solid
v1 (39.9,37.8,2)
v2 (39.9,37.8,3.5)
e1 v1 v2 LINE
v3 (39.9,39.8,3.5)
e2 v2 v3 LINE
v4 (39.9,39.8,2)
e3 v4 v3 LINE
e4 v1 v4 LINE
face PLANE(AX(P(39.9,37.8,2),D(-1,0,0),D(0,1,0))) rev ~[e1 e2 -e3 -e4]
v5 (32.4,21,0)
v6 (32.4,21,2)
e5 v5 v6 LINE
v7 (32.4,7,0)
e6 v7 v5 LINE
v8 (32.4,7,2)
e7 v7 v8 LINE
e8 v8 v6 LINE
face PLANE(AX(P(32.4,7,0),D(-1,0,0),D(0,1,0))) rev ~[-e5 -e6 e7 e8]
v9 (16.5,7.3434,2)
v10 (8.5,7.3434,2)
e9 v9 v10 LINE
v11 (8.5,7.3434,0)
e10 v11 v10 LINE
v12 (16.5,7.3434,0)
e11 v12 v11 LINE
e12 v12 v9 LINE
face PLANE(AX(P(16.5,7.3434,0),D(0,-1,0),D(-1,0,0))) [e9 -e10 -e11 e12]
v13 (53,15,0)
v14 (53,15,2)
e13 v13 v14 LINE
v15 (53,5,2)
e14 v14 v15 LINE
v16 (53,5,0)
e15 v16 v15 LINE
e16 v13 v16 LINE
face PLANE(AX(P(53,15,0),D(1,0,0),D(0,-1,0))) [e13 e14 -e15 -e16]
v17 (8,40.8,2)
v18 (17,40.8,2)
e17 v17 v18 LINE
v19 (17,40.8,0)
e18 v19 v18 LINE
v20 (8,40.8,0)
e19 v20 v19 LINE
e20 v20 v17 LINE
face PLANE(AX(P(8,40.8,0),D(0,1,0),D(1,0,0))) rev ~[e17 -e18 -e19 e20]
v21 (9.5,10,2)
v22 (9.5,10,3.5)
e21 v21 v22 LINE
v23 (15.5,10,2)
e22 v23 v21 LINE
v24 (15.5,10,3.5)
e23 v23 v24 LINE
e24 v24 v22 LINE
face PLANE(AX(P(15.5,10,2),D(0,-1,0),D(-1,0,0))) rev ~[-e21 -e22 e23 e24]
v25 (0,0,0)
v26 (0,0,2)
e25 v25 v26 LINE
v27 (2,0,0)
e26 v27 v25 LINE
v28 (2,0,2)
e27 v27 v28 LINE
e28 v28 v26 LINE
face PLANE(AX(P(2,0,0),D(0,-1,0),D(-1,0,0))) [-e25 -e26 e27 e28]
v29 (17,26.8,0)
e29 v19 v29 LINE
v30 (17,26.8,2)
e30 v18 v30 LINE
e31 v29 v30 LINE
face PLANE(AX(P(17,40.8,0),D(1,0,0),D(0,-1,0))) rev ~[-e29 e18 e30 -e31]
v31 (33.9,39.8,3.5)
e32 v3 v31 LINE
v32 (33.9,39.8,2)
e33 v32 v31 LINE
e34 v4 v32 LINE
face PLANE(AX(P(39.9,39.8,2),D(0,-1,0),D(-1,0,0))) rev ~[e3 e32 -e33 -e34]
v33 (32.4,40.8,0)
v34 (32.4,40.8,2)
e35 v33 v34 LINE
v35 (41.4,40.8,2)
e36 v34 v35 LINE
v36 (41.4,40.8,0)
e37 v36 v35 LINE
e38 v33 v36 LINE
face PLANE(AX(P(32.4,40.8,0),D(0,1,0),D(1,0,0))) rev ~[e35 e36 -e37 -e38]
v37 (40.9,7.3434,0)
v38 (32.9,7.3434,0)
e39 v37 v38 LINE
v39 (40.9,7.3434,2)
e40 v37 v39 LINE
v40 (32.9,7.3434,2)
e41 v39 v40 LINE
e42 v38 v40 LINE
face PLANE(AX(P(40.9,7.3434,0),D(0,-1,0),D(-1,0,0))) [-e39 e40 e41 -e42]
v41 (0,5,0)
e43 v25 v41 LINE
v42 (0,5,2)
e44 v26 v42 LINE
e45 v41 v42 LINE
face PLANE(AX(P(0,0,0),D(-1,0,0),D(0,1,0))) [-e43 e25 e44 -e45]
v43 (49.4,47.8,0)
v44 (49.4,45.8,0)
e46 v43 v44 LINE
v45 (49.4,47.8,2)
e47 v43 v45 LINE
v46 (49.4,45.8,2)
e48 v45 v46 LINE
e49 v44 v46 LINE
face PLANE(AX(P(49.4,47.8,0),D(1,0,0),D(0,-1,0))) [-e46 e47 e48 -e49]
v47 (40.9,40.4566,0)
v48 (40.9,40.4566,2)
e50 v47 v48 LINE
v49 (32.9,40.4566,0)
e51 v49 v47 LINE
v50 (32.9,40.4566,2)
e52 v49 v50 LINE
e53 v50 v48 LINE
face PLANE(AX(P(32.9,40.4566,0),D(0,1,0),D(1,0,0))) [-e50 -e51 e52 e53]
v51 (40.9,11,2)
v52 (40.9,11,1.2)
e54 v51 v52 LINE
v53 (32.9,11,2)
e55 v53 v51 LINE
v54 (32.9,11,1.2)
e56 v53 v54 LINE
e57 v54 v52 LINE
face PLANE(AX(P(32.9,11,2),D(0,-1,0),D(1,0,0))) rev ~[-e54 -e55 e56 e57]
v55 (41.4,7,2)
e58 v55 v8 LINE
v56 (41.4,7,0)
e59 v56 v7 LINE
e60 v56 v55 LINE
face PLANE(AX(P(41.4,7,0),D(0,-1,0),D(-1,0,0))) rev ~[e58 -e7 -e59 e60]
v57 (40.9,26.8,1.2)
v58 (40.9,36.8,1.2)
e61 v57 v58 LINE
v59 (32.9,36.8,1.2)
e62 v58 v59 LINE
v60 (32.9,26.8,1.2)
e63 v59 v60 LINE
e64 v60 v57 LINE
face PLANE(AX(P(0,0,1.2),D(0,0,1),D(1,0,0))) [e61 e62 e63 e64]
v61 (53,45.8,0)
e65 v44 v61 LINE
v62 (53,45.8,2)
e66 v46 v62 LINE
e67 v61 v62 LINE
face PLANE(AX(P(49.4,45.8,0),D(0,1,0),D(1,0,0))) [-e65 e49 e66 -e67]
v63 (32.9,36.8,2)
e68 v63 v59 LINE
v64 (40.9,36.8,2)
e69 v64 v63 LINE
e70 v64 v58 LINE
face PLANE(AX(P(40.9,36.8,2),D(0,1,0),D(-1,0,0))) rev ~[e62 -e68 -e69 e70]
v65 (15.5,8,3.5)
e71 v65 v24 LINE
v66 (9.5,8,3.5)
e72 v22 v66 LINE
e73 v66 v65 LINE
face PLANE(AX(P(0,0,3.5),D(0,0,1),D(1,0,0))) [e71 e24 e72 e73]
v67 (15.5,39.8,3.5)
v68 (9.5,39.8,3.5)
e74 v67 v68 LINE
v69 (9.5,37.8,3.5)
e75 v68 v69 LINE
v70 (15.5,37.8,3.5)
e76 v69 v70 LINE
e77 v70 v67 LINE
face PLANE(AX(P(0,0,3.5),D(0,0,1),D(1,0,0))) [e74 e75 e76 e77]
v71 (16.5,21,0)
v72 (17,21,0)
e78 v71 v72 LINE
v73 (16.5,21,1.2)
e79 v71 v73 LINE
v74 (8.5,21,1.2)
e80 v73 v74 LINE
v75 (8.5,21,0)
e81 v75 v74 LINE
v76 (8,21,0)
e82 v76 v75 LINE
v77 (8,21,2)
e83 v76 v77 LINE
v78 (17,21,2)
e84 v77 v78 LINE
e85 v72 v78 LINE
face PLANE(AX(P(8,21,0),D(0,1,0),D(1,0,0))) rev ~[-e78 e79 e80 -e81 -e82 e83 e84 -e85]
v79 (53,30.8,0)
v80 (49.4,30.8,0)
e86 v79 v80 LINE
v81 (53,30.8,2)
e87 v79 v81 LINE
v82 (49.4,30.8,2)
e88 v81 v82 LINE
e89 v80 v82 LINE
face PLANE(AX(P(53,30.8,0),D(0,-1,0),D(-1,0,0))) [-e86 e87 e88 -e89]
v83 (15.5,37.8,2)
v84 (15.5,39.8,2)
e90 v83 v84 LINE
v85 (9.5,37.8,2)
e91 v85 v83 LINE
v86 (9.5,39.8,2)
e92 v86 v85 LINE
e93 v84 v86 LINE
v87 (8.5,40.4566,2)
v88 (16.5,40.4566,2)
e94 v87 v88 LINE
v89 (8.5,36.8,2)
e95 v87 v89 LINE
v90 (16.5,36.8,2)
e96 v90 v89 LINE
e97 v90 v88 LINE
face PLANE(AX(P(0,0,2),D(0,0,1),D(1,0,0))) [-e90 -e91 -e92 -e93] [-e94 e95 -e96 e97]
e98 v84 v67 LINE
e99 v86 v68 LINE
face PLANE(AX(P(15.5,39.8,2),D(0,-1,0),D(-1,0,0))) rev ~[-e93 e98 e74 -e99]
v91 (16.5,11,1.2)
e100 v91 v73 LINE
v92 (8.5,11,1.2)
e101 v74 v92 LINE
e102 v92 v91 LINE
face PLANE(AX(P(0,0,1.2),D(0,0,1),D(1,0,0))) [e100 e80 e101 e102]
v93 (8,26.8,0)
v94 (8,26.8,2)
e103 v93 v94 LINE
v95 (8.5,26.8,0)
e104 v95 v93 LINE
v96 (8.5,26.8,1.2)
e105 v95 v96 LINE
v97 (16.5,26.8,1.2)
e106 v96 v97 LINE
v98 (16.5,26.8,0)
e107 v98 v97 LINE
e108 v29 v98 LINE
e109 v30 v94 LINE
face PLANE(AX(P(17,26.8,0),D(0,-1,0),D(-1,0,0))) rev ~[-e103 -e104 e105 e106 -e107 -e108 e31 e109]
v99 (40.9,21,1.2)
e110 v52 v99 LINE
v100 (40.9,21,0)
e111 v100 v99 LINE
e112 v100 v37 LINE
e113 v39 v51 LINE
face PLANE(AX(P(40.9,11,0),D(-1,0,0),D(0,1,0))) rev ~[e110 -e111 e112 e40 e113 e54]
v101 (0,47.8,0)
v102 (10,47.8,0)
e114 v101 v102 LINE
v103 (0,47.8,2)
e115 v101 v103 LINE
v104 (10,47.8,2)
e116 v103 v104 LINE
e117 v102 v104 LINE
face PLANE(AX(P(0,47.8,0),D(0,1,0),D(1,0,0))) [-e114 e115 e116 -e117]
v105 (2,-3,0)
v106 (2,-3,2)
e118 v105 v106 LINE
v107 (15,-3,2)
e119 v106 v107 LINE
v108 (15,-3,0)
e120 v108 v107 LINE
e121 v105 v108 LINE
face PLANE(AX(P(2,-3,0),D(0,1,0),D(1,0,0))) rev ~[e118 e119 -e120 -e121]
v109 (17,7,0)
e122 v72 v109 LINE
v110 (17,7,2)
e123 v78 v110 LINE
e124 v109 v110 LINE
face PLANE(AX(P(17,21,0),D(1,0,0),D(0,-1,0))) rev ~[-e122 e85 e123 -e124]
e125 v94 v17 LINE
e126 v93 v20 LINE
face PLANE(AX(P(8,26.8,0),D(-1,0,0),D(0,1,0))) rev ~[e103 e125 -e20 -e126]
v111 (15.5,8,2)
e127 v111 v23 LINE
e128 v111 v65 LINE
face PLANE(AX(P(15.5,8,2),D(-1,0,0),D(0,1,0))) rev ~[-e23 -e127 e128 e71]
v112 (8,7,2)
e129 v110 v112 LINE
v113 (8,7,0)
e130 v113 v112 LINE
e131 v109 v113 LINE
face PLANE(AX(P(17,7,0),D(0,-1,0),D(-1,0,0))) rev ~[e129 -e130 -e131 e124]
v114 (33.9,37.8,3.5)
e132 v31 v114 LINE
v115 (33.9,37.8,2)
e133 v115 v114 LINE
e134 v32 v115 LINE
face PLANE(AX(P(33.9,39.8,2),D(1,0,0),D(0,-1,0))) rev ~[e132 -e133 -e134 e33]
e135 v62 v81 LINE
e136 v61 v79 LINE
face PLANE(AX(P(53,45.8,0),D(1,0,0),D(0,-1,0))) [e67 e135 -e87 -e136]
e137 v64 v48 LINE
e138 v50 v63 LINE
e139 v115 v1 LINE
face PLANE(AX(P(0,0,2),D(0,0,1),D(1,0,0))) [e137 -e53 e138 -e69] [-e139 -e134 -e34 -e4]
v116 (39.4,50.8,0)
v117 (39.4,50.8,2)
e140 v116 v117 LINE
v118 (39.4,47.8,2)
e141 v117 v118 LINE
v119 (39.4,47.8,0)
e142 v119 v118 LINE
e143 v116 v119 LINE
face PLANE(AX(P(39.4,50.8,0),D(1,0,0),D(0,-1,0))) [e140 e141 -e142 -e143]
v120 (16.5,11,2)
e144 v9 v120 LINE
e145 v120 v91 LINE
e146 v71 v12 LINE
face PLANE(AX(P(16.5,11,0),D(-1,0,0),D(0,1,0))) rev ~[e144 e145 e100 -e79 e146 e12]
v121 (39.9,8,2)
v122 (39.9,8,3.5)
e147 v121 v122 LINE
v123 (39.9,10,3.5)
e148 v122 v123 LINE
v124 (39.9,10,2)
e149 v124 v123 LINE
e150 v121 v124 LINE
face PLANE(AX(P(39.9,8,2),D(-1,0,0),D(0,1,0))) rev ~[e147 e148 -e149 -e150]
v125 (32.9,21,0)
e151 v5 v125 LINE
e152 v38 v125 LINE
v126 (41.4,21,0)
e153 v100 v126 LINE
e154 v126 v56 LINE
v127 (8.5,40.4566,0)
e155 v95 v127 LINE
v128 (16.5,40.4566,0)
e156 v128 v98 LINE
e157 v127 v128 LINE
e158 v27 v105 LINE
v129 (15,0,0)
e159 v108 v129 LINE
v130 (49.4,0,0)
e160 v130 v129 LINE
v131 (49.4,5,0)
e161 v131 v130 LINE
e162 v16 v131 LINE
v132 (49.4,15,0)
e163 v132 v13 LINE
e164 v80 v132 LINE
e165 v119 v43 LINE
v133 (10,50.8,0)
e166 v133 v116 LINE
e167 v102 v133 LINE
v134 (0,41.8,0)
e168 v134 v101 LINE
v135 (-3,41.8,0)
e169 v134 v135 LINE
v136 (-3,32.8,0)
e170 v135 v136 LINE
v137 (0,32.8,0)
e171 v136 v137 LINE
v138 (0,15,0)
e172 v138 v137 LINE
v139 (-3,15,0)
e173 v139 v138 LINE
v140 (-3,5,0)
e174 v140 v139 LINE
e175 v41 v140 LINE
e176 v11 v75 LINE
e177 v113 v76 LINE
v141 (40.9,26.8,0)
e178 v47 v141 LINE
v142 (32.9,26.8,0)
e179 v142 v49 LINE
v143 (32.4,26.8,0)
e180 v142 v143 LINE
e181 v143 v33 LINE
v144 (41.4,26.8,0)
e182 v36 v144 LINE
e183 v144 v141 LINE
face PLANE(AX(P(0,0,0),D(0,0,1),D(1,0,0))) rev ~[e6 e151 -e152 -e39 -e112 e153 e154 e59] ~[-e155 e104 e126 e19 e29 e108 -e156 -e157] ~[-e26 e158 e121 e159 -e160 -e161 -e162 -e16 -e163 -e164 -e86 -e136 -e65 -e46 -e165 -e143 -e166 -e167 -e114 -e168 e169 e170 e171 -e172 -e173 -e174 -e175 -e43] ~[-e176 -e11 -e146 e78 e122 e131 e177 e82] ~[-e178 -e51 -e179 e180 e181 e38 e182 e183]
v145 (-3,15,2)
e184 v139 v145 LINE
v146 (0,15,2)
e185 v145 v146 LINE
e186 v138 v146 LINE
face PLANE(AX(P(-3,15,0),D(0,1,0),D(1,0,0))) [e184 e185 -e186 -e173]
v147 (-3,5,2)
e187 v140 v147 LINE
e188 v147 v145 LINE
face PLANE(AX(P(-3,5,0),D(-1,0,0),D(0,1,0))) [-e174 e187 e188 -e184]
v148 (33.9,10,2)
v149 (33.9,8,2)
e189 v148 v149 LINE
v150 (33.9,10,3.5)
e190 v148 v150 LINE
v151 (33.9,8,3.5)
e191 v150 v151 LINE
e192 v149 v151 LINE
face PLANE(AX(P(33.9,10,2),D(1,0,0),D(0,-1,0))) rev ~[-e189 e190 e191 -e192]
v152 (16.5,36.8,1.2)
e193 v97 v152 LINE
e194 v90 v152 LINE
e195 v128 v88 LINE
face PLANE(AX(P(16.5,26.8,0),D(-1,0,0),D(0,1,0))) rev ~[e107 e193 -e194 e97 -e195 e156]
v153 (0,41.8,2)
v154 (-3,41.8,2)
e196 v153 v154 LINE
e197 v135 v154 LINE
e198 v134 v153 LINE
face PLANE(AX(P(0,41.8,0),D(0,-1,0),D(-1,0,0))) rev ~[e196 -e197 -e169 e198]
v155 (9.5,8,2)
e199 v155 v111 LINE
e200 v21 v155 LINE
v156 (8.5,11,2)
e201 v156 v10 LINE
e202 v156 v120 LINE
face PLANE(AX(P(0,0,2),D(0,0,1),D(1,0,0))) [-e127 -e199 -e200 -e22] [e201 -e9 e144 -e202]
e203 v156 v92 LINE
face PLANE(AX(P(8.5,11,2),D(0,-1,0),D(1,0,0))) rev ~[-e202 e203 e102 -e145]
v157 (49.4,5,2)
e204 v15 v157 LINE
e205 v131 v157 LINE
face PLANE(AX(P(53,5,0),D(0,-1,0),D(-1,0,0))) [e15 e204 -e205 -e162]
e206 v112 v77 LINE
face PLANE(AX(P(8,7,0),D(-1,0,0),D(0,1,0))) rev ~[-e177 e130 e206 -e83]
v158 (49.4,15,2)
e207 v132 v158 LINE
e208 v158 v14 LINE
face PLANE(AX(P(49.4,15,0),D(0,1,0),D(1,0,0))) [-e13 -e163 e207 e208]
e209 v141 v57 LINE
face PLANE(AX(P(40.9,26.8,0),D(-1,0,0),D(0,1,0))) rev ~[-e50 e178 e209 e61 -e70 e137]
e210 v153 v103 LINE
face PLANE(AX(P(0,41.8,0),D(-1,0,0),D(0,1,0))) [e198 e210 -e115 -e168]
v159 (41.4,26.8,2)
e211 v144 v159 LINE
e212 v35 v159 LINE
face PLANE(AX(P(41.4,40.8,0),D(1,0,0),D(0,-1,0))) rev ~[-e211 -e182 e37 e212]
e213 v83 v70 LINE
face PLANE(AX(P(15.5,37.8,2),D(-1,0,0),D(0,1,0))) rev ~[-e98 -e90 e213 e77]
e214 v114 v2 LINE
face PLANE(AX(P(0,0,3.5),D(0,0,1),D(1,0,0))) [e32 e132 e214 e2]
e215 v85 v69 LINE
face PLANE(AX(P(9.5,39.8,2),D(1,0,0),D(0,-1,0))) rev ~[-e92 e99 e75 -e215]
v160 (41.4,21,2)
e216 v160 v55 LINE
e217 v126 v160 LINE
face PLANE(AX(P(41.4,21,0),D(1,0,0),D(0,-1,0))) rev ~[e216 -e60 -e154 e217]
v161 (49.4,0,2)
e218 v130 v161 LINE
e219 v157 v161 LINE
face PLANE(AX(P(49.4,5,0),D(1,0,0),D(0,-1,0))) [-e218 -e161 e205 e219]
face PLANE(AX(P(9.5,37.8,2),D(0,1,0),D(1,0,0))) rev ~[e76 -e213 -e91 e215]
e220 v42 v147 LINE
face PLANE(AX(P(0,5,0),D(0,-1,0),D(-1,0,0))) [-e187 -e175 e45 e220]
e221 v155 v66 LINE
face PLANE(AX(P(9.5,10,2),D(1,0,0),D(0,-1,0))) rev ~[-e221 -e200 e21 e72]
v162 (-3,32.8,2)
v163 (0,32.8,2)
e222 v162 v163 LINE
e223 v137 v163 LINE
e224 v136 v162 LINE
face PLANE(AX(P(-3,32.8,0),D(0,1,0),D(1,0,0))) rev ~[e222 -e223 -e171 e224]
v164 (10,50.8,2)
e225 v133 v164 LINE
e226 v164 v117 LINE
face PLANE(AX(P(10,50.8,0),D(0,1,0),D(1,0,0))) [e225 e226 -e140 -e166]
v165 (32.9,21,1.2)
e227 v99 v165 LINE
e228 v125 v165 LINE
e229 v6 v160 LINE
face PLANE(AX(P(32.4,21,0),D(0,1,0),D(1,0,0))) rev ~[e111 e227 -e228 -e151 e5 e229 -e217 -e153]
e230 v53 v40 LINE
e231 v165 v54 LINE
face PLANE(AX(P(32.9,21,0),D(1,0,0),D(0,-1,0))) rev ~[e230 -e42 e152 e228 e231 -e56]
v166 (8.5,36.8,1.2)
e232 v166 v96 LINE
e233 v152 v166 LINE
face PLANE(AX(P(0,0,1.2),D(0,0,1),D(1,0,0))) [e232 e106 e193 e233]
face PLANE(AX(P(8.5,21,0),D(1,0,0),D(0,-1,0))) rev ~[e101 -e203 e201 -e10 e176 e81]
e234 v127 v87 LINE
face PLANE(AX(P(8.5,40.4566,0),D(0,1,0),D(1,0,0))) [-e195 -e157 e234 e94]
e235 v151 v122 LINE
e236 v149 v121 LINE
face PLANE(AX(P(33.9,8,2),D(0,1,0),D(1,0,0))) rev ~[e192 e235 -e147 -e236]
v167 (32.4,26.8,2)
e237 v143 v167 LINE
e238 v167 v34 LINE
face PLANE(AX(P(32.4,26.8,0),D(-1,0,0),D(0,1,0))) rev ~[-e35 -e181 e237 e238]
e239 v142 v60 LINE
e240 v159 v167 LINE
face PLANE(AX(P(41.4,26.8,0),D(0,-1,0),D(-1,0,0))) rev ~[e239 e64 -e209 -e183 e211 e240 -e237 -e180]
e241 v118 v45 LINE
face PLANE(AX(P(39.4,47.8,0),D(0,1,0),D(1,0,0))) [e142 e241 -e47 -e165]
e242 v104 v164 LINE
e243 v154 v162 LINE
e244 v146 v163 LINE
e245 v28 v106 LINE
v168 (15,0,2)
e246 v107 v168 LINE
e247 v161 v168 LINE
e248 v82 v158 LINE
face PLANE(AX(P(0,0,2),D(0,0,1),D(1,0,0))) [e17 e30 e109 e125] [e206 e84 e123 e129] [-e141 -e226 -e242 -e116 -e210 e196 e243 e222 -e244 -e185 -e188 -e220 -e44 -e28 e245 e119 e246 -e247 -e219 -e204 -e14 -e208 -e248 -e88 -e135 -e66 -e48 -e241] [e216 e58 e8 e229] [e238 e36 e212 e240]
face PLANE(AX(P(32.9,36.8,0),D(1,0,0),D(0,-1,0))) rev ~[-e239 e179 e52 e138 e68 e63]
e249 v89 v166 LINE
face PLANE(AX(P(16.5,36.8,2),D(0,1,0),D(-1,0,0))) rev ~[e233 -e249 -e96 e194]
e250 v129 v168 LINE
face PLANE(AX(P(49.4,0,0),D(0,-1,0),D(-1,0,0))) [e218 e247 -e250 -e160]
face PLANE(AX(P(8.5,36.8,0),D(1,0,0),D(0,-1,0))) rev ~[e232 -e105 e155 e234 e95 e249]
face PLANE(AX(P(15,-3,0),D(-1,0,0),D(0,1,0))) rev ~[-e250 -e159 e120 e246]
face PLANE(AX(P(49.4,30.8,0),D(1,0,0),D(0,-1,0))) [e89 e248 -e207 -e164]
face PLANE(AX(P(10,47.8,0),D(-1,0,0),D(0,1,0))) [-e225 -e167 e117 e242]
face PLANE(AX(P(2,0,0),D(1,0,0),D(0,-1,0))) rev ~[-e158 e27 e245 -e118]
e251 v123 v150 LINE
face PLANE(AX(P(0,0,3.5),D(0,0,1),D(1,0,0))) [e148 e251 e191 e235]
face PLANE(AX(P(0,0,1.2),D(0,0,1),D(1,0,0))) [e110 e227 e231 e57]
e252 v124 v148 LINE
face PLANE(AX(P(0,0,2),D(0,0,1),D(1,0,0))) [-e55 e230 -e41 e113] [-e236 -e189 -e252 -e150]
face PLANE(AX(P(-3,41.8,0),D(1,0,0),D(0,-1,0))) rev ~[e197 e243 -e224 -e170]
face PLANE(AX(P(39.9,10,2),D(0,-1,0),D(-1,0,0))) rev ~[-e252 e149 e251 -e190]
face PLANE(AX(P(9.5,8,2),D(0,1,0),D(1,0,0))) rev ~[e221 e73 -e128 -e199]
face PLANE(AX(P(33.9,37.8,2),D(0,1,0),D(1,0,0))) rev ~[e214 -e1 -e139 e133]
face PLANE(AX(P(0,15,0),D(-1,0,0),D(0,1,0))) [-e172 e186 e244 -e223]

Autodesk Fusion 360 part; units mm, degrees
sketch "Sketch1" plane through (0, 0, 0) normal (0, 0, 1) x (1, 0, 0)
  line L0 (0, 47.8) -> (49.4, 47.8)
  line L1 (49.4, 47.8) -> (49.4, 0)
  line L2 (49.4, 0) -> (0, 0)
  line L3 (0, 0) -> (0, 47.8)
  line L4 (10, 47.8) -> (10, 50.8)
  line L5 (10, 50.8) -> (39.4, 50.8)
  line L6 (39.4, 50.8) -> (39.4, 47.8)
  line L7 (49.4, 45.8) -> (53, 45.8)
  line L8 (53, 45.8) -> (53, 30.8)
  line L9 (53, 30.8) -> (49.4, 30.8)
  line L10 (49.4, 15) -> (53, 15)
  line L11 (53, 15) -> (53, 5)
  line L12 (53, 5) -> (49.4, 5)
  line L13 (0, 41.8) -> (-3, 41.8)
  line L14 (-3, 41.8) -> (-3, 32.8)
  line L15 (-3, 32.8) -> (0, 32.8)
  line L16 (2, 0) -> (2, -3)
  line L17 (2, -3) -> (15, -3)
  line L18 (15, -3) -> (15, 0)
  line L19 (0, 5) -> (-3, 5)
  line L20 (-3, 5) -> (-3, 15)
  line L21 (-3, 15) -> (0, 15)
  line L22 (8.5, 36.8) -> (8.5, 26.8)
  line L23 (8.5, 26.8) -> (8, 26.8)
  line L24 (8, 26.8) -> (8, 40.8)
  line L25 (8, 40.8) -> (17, 40.8)
  line L26 (17, 40.8) -> (17, 26.8)
  line L27 (17, 26.8) -> (16.5, 26.8)
  line L28 (16.5, 26.8) -> (16.5, 36.8)
  line L29 (16.5, 36.8) -> (8.5, 36.8)
  line L30 (9.5, 39.8) -> (9.5, 37.8)
  line L31 (9.5, 37.8) -> (15.5, 37.8)
  line L32 (15.5, 37.8) -> (15.5, 39.8)
  line L33 (15.5, 39.8) -> (9.5, 39.8)
  line L34 (8.5, 36.8) -> (8.5, 40.4566)
  line L35 (8.5, 40.4566) -> (16.5, 40.4566)
  line L36 (16.5, 40.4566) -> (16.5, 36.8)
  line L37 (8.5, 26.8) -> (16.5, 26.8)
  line L38 (33.9, 39.8) -> (33.9, 37.8)
  line L39 (32.9, 36.8) -> (32.9, 40.4566)
  line L40 (32.9, 26.8) -> (32.4, 26.8)
  line L41 (32.4, 26.8) -> (32.4, 40.8)
  line L42 (40.9, 26.8) -> (40.9, 36.8)
  line L43 (40.9, 36.8) -> (32.9, 36.8)
  line L44 (32.4, 40.8) -> (41.4, 40.8)
  line L45 (40.9, 40.4566) -> (40.9, 36.8)
  line L46 (32.9, 36.8) -> (32.9, 26.8)
  line L47 (41.4, 40.8) -> (41.4, 26.8)
  line L48 (32.9, 40.4566) -> (40.9, 40.4566)
  line L49 (41.4, 26.8) -> (40.9, 26.8)
  line L50 (32.9, 26.8) -> (40.9, 26.8)
  line L51 (33.9, 37.8) -> (39.9, 37.8)
  line L52 (39.9, 37.8) -> (39.9, 39.8)
  line L53 (39.9, 39.8) -> (33.9, 39.8)
  line L54 (16.5, 11) -> (16.5, 7.3434)
  line L55 (40.9, 11) -> (40.9, 7.3434)
  line L56 (39.9, 8) -> (39.9, 10)
  line L57 (16.5, 21) -> (17, 21)
  line L58 (41.4, 21) -> (41.4, 7)
  line L59 (15.5, 10) -> (9.5, 10)
  line L60 (32.9, 11) -> (40.9, 11)
  line L61 (16.5, 11) -> (16.5, 21)
  line L62 (15.5, 8) -> (15.5, 10)
  line L63 (40.9, 21) -> (41.4, 21)
  line L64 (9.5, 8) -> (15.5, 8)
  line L65 (40.9, 11) -> (40.9, 21)
  line L66 (16.5, 7.3434) -> (8.5, 7.3434)
  line L67 (40.9, 21) -> (32.9, 21)
  line L68 (32.4, 21) -> (32.9, 21)
  line L69 (9.5, 10) -> (9.5, 8)
  line L70 (41.4, 7) -> (32.4, 7)
  line L71 (33.9, 8) -> (39.9, 8)
  line L72 (40.9, 7.3434) -> (32.9, 7.3434)
  line L73 (39.9, 10) -> (33.9, 10)
  line L74 (32.9, 7.3434) -> (32.9, 11)
  line L75 (33.9, 10) -> (33.9, 8)
  line L76 (17, 21) -> (17, 7)
  line L77 (8, 7) -> (8, 21)
  line L78 (32.4, 7) -> (32.4, 21)
  line L79 (8.5, 7.3434) -> (8.5, 11)
  line L80 (16.5, 21) -> (8.5, 21)
  line L81 (8.5, 21) -> (8.5, 11)
  line L82 (17, 7) -> (8, 7)
  line L83 (32.9, 21) -> (32.9, 11)
  line L84 (8, 21) -> (8.5, 21)
  line L85 (8.5, 11) -> (16.5, 11)
  point P0 (24.7, 23.9)
  dimension "d1" = 49.4
  dimension "d2" = 47.8
  dimension "d3" = 2
  dimension "d4" = 15
  dimension "d5" = 3
  dimension "d6" = 5
  dimension "d7" = 10
  dimension "d8" = 3
  dimension "d9" = 6
  dimension "d10" = 15
  dimension "d11" = 3
  dimension "d12" = 10
  dimension "d13" = 10
  dimension "d14" = 3
  dimension "d15" = 2
  dimension "d16" = 15
  dimension "d17" = 5
  dimension "d18" = 10
  dimension "d19" = 0.5
  dimension "d20" = 0.5
  dimension "d21" = 10
  dimension "d23" = 1
  dimension "d24" = 1
  dimension "d26" = 2
  dimension "d27" = 1
  dimension "d28" = 1
  dimension "d29" = 7
  dimension "d30" = 8
  dimension "d31" = 24.7
  dimension "d32" = 23.9
  dimension "d33" = 8
  dimension "d34" = 9
  dimension "d37" = 24.4
  dimension "d38" = 0
  dimension "d40" = 360
extrude "Extrude1" add sketch "Sketch1" along normal blind 2 contours L0 L1 L2 L3 | L0 L4 L5 L6 | L3 L13 L14 L15 | L3 L19 L20 L21 | L1 L7 L8 L9 | L1 L10 L11 L12 | L2 L16 L17 L18 | L22 L28 L29 L37 | L29 L34 L35 L36 | L30 L31 L32 L33 | L38 L51 L52 L53 | L39 L43 L45 L48 | L42 L43 L46 L50 | L61 L80 L81 L85 | L54 L66 L79 L85 | L55 L60 L72 L74 | L60 L65 L67 L83 | L56 L71 L73 L75 | L59 L62 L64 L69
extrude "Extrude2" cut sketch "Sketch1" against normal blind 0.8 from surface at 2 contours L22 L28 L29 L37 | L42 L43 L46 L50 | L61 L80 L81 L85 | L60 L65 L67 L83
extrude "Extrude3" add sketch "Sketch1" along normal blind 1.5 from surface at 2 contours L30 L31 L32 L33 | L38 L51 L52 L53 | L56 L71 L73 L75 | L59 L62 L64 L69
